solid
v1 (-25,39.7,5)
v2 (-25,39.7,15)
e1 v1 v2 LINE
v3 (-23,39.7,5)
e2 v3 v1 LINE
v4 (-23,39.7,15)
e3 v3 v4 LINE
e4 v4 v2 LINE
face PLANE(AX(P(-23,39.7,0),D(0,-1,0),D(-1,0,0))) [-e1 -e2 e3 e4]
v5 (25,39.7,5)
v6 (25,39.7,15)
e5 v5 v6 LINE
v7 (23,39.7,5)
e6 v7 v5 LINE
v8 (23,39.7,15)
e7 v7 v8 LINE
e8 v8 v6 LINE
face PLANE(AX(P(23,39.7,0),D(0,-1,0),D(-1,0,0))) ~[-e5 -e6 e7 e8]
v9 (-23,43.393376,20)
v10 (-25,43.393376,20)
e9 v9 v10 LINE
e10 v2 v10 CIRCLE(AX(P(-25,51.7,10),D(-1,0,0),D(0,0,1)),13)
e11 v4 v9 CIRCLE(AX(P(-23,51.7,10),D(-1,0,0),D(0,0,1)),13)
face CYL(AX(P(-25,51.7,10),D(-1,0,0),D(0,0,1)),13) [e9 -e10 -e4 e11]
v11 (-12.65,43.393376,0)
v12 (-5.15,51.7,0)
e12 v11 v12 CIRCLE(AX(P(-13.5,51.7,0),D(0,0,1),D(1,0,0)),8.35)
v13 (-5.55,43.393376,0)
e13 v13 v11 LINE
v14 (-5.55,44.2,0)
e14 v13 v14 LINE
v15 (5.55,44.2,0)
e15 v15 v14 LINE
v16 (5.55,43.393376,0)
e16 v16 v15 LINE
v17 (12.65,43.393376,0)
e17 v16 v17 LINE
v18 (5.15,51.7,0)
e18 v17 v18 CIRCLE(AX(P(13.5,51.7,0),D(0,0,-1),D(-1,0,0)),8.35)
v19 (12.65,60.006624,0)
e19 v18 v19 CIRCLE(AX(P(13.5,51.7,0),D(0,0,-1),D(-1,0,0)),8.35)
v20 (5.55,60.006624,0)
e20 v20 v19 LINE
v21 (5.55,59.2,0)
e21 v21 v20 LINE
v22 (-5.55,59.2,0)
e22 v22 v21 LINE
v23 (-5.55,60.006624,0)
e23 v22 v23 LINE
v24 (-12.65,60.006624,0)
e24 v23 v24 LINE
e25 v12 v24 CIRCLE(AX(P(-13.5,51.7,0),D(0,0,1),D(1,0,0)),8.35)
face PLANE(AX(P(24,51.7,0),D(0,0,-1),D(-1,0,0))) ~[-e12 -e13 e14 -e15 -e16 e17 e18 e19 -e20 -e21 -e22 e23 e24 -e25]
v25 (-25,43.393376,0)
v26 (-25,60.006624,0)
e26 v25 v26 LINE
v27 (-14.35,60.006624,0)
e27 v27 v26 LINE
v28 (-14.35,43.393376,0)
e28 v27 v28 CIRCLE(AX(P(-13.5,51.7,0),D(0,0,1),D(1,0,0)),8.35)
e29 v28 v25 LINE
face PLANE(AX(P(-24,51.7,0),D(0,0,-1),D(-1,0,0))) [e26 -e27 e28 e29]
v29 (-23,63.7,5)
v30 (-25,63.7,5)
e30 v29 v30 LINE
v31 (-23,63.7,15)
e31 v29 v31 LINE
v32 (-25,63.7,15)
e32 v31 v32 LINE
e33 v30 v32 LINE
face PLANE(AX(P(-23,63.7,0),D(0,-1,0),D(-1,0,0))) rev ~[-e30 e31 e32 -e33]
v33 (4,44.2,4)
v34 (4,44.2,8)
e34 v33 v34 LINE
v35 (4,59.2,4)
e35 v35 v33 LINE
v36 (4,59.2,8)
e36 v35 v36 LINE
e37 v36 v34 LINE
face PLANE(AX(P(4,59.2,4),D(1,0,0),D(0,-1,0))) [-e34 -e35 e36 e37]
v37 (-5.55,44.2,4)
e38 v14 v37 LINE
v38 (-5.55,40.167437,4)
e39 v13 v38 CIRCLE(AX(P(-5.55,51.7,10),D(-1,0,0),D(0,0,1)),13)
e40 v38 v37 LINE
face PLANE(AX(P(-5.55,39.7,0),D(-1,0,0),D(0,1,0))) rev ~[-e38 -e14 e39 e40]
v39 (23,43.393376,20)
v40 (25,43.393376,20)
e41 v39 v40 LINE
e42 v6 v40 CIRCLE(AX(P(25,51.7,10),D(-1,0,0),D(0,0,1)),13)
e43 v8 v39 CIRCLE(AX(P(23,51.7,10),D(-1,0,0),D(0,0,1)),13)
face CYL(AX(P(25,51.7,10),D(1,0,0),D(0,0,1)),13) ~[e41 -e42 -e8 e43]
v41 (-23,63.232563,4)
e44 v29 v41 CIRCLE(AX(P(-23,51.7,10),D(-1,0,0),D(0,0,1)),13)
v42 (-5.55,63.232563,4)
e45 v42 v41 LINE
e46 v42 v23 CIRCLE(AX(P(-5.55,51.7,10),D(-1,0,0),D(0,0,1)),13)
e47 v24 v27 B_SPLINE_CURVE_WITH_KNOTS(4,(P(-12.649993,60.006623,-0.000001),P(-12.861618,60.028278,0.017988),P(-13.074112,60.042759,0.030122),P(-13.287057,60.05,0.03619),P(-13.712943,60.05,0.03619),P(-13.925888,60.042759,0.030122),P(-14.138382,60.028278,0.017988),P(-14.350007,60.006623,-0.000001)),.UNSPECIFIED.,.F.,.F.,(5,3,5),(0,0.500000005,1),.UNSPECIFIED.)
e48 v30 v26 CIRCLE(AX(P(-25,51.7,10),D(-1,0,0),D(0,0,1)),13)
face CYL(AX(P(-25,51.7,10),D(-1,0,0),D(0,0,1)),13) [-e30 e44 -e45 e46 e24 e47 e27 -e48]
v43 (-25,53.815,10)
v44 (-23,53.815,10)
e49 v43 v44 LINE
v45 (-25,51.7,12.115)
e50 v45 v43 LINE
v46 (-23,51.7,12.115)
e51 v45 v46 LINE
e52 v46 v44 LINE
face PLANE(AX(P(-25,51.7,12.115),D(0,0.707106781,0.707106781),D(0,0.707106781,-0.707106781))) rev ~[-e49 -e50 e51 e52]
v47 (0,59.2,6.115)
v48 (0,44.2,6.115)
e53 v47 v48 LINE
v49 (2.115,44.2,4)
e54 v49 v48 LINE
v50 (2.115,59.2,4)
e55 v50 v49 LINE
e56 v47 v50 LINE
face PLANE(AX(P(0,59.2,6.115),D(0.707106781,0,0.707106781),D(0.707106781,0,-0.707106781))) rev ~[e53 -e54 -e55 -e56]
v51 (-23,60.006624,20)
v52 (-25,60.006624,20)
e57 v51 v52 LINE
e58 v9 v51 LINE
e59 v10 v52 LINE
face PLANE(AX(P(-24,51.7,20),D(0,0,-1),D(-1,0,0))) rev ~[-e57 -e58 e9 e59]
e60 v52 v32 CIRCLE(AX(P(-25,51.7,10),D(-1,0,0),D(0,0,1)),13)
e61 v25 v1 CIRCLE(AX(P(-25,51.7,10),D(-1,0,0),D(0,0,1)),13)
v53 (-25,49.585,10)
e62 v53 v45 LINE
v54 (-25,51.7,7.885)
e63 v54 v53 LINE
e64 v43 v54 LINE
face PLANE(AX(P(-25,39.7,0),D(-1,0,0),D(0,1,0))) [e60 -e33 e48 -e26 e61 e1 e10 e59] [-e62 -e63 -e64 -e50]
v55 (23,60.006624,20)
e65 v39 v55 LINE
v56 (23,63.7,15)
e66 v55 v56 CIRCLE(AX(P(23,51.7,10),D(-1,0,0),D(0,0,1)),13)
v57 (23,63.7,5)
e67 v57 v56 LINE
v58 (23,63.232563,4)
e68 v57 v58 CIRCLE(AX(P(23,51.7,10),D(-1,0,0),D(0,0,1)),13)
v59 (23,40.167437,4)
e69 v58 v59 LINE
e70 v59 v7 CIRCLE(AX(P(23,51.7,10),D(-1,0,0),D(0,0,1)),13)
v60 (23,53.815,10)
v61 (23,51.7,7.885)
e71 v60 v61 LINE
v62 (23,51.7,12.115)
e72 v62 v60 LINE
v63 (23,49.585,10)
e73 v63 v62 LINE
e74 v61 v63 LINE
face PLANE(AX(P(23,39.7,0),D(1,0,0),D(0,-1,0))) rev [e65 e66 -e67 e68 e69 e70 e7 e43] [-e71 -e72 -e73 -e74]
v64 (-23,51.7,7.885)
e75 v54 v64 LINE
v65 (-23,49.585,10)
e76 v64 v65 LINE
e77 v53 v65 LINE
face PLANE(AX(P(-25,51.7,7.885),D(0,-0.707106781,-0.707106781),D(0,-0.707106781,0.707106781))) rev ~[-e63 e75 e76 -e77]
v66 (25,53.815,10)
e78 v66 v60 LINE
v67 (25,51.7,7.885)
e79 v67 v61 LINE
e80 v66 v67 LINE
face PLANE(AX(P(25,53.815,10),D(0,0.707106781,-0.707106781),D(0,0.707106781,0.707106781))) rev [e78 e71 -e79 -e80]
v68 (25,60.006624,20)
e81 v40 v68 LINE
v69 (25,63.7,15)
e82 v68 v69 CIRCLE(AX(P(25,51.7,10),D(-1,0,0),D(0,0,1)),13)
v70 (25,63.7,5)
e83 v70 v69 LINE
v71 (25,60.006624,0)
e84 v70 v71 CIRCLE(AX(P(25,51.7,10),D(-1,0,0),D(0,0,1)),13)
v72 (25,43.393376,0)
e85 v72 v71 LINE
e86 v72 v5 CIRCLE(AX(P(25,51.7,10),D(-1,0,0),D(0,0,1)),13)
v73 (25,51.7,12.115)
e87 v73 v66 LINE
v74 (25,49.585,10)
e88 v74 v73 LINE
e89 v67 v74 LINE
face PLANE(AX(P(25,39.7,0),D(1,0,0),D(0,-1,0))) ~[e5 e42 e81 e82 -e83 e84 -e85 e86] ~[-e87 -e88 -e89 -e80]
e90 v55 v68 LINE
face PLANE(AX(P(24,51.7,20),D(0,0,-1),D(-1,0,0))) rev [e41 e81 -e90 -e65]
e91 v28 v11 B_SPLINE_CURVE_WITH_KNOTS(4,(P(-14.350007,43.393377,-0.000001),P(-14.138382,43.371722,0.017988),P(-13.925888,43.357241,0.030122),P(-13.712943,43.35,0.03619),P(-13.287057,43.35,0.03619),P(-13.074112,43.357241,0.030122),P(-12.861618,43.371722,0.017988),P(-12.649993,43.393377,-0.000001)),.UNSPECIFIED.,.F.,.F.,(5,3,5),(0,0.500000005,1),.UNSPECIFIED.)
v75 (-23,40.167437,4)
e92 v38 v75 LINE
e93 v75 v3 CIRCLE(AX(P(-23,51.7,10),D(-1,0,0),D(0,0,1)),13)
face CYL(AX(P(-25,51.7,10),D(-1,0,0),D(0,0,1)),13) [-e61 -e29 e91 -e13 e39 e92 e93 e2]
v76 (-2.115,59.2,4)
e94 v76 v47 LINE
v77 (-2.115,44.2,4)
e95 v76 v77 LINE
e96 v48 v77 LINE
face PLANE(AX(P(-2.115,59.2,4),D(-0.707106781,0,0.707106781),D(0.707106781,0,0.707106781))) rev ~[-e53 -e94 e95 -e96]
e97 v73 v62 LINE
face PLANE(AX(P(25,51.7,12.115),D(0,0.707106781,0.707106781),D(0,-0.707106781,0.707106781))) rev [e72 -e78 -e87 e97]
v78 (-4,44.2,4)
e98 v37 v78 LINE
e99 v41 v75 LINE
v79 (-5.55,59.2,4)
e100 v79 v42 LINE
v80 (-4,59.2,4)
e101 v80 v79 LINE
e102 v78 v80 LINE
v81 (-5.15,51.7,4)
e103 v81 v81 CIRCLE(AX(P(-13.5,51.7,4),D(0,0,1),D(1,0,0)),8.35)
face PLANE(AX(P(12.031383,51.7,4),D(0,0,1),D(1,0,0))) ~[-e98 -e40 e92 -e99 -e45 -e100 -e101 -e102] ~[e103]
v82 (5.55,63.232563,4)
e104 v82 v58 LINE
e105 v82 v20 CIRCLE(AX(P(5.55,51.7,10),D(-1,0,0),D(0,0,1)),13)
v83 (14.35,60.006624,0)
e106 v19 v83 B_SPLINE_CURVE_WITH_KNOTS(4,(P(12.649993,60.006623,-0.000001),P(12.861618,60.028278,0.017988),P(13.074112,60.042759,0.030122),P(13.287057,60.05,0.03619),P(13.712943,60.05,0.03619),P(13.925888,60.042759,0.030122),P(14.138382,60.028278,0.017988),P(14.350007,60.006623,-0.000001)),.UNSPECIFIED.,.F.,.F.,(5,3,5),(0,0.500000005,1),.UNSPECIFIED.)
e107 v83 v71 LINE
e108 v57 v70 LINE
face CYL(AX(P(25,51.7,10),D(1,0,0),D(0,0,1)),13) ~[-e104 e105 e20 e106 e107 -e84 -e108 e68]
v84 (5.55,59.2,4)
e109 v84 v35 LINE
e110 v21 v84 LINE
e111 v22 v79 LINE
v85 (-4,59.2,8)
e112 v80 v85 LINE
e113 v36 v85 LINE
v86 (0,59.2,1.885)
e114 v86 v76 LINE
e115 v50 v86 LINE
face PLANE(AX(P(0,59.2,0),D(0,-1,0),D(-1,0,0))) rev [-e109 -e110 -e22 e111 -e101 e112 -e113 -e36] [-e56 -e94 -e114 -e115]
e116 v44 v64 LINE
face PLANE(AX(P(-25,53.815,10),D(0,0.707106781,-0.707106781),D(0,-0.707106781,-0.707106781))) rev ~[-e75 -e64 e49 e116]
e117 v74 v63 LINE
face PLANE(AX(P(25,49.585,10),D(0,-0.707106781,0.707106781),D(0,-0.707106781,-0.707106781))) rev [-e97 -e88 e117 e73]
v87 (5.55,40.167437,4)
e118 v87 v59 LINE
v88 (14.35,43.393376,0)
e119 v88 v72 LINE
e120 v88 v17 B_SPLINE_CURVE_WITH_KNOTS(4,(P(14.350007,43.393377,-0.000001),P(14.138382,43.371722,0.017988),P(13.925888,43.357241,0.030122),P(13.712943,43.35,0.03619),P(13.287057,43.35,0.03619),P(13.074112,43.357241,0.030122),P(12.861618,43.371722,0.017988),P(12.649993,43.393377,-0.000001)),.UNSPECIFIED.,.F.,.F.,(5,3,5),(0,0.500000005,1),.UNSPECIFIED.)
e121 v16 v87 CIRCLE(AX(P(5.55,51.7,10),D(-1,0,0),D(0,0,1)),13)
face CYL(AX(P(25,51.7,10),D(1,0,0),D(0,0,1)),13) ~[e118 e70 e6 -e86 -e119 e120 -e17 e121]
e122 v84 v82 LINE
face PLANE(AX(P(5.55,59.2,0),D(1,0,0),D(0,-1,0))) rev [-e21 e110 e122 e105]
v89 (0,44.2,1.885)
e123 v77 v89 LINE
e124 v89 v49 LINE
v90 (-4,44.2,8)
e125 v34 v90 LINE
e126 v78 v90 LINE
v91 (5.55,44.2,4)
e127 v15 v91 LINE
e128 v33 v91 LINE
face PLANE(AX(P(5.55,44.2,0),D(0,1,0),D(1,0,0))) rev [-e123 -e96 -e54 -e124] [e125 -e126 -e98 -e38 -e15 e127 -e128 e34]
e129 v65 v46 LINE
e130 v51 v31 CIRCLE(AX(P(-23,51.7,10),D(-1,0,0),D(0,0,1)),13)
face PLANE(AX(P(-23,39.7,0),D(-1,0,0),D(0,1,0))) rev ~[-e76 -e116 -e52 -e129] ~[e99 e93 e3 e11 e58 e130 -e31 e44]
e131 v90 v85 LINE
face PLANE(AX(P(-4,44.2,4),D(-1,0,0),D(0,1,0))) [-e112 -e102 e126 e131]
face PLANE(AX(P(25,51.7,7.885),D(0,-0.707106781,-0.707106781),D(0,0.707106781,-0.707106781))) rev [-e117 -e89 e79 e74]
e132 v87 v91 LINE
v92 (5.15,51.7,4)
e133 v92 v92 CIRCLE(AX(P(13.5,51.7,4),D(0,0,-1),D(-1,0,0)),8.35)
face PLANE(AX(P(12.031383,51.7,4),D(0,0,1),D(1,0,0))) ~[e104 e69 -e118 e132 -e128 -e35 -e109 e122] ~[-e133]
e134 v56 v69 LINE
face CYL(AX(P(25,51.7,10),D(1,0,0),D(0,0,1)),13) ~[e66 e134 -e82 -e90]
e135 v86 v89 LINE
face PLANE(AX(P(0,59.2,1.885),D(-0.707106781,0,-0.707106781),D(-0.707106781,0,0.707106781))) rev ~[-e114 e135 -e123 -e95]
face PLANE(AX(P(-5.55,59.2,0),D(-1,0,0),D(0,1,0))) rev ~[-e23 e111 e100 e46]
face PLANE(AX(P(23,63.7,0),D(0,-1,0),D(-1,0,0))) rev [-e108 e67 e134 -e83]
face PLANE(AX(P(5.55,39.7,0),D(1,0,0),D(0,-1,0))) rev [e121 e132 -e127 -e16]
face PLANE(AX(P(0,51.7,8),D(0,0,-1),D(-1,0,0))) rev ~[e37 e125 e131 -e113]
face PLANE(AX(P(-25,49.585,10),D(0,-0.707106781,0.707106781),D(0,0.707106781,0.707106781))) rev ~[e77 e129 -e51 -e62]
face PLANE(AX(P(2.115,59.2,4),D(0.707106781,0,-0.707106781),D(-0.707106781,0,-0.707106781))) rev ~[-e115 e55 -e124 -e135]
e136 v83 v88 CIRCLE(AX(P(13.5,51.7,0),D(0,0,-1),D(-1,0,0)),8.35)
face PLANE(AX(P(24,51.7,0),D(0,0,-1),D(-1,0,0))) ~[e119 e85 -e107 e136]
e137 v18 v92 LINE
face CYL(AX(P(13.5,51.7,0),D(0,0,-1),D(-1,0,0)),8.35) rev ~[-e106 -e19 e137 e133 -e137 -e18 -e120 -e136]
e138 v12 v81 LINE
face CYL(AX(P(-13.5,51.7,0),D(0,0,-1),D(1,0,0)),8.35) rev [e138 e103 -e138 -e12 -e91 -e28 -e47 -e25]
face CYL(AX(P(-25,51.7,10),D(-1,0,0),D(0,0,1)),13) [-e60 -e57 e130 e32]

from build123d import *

# Parameters (mm, degrees)
MODEL_R                  = 8.35
RESSALTO_EXTRUS_O2_DEPTH = 4
ESBO_O5_W                = 2
ESBO_O5_H                = 24
RESSALTO_EXTRUS_O3_DEPTH = 20
ESBO_O6_OUTSIDE_W        = 30.002
ESBO_O6_OUTSIDE_H        = 34.002
ESBO_O6_OUTSIDE_R        = 13
CORTE_EXTRUS_O1_DEPTH    = 26
CORTE_EXTRUS_O2_DEPTH    = 26
RESSALTO_EXTRUS_O4_DEPTH = 4
CORTE_EXTRUS_O3_DEPTH    = 20.5000001


with BuildPart() as part:
    # Model → Ressalto-extrusão2 (new body)
    with BuildSketch(Plane.XY):
        Polygon((0, 44.200000002), (0, 59.200000002), (-5.55, 59.200000002), (-5.55, 63.700000002), (-23, 63.700000002), (-23, 39.700000002), (-5.55, 39.700000002), (-5.55, 44.200000002), align=None)
        with Locations((-13.5, 51.700000002)):
            Circle(MODEL_R, mode=Mode.SUBTRACT)
    extrude(amount=RESSALTO_EXTRUS_O2_DEPTH)

    # Esboço5 → Ressalto-extrusão3 (add)
    with BuildSketch(Plane(origin=(0, 0, 0), x_dir=(-1, 0, 0), z_dir=(0, 0, -1))):
        with Locations((24, 51.700000002)):
            Rectangle(ESBO_O5_W, ESBO_O5_H)
    extrude(amount=-RESSALTO_EXTRUS_O3_DEPTH)

    # Esboço6 outside → Corte-extrusão1 (cut, through all)
    with BuildSketch(Plane.ZY.offset(25)):
        with Locations((10, 51.7)):
            Rectangle(ESBO_O6_OUTSIDE_W, ESBO_O6_OUTSIDE_H)
        with Locations((10, 51.700000002)):
            Circle(ESBO_O6_OUTSIDE_R, mode=Mode.SUBTRACT)
    extrude(amount=-CORTE_EXTRUS_O1_DEPTH, mode=Mode.SUBTRACT)

    # Esboço8 → Corte-extrusão2 (cut, through all)
    with BuildSketch(Plane.ZY.offset(25)):
        Polygon((7.885, 51.700000002), (10, 49.585000002), (12.115, 51.700000002), (10, 53.815000002), align=None)
    extrude(amount=-CORTE_EXTRUS_O2_DEPTH, mode=Mode.SUBTRACT)

    # Espelhar1: part across plane


with BuildPart() as part_1:
    add(part.part)
    add(part.part.mirror(Plane(origin=(0, 44.200000002, 4), x_dir=(0, 0, 1), z_dir=(-1, 0, 0))))

    # Esboço9 → Ressalto-extrusão4 (add)
    with BuildSketch(Plane.XY.offset(4)):
        Polygon((0, 59.200000002), (4, 59.200000002), (4, 44.200000002), (-4, 44.200000002), (-4, 59.200000002), align=None)
    extrude(amount=RESSALTO_EXTRUS_O4_DEPTH)

    # Esboço10 → Corte-extrusão3 (cut, through all)
    with BuildSketch(Plane(origin=(0, 59.200000002, 0), x_dir=(1, 0, 0), z_dir=(0, 1, 0))):
        Polygon((0, -1.885), (-2.115, -4), (0, -6.115), (2.115, -4), align=None)
    extrude(amount=-CORTE_EXTRUS_O3_DEPTH, mode=Mode.SUBTRACT)


solid = part_1.part
